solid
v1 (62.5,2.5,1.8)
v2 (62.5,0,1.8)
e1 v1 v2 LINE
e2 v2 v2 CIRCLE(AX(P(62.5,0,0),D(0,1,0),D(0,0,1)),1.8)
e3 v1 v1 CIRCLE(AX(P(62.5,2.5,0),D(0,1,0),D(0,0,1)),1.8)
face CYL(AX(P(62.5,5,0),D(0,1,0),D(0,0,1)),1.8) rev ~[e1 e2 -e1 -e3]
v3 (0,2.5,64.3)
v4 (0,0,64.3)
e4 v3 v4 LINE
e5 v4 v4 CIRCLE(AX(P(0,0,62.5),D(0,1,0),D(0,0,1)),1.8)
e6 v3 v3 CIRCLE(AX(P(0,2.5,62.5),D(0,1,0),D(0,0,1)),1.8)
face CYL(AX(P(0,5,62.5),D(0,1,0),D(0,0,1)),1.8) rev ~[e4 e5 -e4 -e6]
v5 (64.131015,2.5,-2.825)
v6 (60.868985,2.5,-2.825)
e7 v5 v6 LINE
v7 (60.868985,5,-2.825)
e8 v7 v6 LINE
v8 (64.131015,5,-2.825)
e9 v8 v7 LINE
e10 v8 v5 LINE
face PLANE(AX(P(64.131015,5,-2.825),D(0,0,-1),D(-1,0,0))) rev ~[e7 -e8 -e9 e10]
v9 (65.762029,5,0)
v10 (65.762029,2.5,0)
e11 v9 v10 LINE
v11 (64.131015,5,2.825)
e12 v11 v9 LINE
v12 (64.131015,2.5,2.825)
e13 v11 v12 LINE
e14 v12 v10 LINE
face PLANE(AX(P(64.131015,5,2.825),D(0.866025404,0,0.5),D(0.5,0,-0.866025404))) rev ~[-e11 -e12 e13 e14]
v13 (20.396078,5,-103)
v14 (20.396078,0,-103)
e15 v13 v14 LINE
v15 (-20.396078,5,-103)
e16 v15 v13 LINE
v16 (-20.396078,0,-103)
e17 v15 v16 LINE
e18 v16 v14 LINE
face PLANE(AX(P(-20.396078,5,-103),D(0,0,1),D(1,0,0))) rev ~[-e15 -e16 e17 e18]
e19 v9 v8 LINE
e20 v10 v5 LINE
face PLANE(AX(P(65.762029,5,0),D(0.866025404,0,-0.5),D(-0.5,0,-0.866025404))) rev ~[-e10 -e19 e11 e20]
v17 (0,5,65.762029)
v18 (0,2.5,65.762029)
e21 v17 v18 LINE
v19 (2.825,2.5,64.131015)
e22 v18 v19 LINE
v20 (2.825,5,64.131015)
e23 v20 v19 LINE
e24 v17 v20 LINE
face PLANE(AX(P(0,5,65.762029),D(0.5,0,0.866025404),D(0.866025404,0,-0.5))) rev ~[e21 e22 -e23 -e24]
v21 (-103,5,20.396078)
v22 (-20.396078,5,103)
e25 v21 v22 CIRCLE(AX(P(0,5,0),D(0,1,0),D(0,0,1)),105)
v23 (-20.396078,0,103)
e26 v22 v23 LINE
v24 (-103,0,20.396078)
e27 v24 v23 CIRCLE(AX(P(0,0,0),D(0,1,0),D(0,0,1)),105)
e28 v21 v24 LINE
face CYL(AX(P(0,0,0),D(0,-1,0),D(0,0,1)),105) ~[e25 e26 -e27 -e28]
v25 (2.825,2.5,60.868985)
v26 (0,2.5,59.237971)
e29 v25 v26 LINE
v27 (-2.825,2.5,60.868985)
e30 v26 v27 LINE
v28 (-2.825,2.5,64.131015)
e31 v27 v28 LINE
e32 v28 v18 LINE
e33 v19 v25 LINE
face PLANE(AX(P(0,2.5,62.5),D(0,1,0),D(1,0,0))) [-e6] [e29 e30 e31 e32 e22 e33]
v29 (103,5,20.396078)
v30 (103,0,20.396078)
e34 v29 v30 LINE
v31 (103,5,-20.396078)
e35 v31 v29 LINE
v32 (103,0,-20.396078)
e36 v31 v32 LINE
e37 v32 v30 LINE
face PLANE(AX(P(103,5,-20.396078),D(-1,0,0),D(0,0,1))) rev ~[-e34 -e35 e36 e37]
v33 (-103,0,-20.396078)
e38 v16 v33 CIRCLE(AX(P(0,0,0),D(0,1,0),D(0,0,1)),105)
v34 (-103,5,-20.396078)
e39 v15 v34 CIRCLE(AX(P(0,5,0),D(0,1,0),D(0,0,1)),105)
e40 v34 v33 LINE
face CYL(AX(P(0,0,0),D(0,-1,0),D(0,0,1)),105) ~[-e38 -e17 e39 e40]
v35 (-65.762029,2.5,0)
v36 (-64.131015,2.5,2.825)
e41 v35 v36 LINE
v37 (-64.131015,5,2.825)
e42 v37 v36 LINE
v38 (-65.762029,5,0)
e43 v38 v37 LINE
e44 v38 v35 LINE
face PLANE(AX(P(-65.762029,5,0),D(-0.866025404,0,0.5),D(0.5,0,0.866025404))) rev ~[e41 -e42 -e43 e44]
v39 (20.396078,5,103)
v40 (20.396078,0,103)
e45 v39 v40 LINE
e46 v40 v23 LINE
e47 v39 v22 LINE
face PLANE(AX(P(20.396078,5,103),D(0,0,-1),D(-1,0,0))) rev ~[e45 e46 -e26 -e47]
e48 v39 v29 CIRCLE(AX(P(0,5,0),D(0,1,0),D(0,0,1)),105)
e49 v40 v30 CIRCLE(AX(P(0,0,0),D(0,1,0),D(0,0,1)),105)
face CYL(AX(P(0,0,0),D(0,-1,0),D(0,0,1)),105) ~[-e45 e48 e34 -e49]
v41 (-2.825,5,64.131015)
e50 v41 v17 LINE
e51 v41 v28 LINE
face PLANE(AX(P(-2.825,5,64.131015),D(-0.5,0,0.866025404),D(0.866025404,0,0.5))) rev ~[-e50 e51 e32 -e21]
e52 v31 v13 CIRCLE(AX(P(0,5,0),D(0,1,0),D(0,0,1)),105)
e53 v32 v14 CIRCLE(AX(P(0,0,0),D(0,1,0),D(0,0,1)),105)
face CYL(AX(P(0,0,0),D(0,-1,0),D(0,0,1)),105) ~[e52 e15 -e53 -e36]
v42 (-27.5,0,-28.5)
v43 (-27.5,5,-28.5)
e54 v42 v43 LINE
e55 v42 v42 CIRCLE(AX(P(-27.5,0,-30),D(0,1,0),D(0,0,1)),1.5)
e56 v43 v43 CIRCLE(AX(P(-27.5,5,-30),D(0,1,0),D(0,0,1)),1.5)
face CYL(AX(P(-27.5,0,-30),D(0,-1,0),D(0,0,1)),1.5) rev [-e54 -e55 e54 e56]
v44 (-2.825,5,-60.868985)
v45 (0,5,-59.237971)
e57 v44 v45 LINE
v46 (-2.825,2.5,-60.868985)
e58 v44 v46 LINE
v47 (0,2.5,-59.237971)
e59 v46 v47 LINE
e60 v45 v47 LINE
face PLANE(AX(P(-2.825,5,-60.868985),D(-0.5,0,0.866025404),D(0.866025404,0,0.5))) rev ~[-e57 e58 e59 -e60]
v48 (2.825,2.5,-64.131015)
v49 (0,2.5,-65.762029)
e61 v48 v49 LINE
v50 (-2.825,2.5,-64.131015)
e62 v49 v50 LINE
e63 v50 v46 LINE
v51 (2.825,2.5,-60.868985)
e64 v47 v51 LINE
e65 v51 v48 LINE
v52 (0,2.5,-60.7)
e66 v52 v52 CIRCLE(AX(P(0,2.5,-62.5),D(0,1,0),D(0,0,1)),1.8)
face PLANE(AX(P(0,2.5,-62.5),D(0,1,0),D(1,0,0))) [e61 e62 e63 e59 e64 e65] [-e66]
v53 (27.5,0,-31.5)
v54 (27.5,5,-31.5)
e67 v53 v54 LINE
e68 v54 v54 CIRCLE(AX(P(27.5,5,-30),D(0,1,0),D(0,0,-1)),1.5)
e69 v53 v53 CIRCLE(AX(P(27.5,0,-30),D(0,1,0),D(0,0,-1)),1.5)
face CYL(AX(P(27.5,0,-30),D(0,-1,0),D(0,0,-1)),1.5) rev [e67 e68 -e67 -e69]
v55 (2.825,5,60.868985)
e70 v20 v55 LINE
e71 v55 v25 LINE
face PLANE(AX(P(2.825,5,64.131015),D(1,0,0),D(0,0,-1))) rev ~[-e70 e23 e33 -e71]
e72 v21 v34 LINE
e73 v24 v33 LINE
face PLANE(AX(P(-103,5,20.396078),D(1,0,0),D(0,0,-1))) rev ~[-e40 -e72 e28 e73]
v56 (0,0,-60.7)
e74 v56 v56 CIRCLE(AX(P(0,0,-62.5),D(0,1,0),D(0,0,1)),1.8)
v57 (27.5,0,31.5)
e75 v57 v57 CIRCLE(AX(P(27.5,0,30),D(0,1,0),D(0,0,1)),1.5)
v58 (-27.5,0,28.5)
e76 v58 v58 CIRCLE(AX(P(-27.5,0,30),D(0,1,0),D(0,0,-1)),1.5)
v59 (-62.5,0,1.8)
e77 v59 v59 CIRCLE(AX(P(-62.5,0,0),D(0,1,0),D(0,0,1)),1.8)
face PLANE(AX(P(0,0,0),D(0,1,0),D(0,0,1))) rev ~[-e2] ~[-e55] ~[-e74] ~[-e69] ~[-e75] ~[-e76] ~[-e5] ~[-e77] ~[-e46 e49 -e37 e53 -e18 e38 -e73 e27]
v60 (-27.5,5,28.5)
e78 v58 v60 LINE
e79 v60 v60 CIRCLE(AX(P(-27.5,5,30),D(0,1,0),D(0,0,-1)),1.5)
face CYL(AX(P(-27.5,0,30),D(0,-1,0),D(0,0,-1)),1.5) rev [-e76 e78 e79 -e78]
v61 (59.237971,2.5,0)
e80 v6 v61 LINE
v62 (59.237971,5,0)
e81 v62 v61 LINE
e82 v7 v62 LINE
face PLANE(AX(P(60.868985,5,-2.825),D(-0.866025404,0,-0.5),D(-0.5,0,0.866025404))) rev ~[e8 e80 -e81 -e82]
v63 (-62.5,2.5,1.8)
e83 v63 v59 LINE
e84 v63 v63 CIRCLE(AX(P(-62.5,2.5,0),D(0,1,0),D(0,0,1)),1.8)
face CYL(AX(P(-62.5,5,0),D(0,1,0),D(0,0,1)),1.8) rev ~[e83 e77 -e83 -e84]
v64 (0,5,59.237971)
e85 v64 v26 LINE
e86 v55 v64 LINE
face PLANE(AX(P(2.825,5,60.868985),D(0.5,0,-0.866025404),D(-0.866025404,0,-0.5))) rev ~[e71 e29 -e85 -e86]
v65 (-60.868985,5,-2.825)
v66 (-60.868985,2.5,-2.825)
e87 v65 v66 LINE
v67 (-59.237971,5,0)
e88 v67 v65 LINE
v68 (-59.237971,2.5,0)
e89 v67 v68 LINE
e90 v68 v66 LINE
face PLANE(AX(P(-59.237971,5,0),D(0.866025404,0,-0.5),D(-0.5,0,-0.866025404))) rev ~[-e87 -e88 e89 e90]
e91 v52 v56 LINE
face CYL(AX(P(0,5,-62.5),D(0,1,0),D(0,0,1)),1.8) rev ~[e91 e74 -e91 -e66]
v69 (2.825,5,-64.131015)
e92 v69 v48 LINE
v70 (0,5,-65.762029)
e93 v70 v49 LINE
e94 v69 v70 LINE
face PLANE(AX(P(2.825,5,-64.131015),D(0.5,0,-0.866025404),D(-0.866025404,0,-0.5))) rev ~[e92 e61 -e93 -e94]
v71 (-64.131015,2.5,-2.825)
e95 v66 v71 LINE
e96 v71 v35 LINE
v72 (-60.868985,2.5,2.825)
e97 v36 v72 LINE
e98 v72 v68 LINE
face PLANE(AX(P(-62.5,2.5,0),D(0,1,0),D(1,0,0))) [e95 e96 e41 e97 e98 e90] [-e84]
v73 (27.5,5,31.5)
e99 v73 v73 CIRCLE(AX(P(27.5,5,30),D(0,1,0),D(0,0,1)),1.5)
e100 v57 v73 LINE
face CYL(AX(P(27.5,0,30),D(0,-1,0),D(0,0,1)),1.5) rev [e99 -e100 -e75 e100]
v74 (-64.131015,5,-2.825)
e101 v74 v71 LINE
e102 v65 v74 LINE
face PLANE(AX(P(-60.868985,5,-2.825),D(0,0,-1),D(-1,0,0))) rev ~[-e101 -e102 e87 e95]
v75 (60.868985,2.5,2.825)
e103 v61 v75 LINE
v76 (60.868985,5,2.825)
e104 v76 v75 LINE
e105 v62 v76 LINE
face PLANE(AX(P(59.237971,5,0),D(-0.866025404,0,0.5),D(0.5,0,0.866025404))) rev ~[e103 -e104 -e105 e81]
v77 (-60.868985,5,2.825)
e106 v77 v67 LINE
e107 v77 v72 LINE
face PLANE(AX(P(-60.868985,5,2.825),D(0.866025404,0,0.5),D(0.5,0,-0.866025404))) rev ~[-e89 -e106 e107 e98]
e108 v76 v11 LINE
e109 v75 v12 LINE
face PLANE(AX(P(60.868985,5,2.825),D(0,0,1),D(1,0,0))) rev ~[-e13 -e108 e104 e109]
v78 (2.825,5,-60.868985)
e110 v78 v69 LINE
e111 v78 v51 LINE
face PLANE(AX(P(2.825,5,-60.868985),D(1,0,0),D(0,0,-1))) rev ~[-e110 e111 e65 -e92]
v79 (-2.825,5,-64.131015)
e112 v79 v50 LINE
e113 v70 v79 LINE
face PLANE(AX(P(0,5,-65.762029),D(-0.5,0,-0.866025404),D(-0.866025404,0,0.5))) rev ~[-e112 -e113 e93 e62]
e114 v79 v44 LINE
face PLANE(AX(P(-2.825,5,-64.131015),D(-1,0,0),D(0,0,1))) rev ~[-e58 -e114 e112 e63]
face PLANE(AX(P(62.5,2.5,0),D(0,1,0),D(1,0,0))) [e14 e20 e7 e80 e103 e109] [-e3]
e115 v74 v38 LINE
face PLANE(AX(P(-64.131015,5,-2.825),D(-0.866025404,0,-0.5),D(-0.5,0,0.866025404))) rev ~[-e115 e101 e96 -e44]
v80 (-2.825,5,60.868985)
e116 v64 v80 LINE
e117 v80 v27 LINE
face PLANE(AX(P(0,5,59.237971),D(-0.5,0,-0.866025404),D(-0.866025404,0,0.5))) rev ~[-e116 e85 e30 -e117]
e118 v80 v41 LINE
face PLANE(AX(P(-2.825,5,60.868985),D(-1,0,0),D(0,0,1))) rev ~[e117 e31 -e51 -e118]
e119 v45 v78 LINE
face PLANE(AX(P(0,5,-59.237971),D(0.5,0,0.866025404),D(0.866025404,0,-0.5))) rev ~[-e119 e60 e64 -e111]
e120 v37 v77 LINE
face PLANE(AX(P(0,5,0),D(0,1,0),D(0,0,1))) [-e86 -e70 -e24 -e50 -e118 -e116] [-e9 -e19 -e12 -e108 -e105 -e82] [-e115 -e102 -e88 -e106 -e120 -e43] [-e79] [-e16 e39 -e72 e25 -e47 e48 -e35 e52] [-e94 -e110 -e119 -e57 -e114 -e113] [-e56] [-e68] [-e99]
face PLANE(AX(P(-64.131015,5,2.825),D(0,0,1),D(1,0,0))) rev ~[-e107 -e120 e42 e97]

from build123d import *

# Parameters (mm, degrees)
SKETCH1_R           = 105
SKETCH1_R_2         = 1.5
BOSS_EXTRUDE1_DEPTH = 5
CUT_EXTRUDE1_DEPTH  = 2.5
SKETCH2_3_R         = 1.8
CUT_EXTRUDE3_DEPTH  = 149.576579581
CUT_EXTRUDE4_DEPTH  = 149.576579581


with BuildPart() as part:
    # Sketch1 → Boss-Extrude1 (new body)
    with BuildSketch(Plane(origin=(0, 0, 0), x_dir=(1, 0, 0), z_dir=(0, 1, 0))):
        Circle(SKETCH1_R)
        with Locations((-27.5, 30)):
            Circle(SKETCH1_R_2, mode=Mode.SUBTRACT)
        with Locations((27.5, 30)):
            Circle(SKETCH1_R_2, mode=Mode.SUBTRACT)
        with Locations((27.5, -30)):
            Circle(SKETCH1_R_2, mode=Mode.SUBTRACT)
        with Locations((-27.5, -30)):
            Circle(SKETCH1_R_2, mode=Mode.SUBTRACT)
    extrude(amount=BOSS_EXTRUDE1_DEPTH)

    # Sketch2 → Cut-Extrude1 (cut)
    with BuildSketch(Plane(origin=(0, 5, 0), x_dir=(1, 0, 0), z_dir=(0, 1, 0))):
        Polygon((-2.825, 64.13101451), (-2.825, 60.86898549), (0, 59.237970979), (2.825, 60.86898549), (2.825, 64.13101451), (0, 65.762029021), align=None)
        Polygon((-64.13101451, -2.825), (-60.86898549, -2.825), (-59.237970979, 0), (-60.86898549, 2.825), (-64.13101451, 2.825), (-65.762029021, 0), align=None)
        Polygon((64.13101451, 2.825), (60.86898549, 2.825), (59.237970979, 0), (60.86898549, -2.825), (64.13101451, -2.825), (65.762029021, 0), align=None)
        Polygon((2.825, -64.13101451), (2.825, -60.86898549), (0, -59.237970979), (-2.825, -60.86898549), (-2.825, -64.13101451), (0, -65.762029021), align=None)
    extrude(amount=-CUT_EXTRUDE1_DEPTH, mode=Mode.SUBTRACT)

    # Sketch2<3> → Cut-Extrude3 (cut, through all)
    with BuildSketch(Plane(origin=(0, 5, 0), x_dir=(1, 0, 0), z_dir=(0, 1, 0))):
        with Locations((-62.5, 0)):
            Circle(SKETCH2_3_R)
        with Locations((0, 62.5)):
            Circle(SKETCH2_3_R)
        with Locations((62.5, 0)):
            Circle(SKETCH2_3_R)
        with Locations((0, -62.5)):
            Circle(SKETCH2_3_R)
    extrude(amount=-CUT_EXTRUDE3_DEPTH, mode=Mode.SUBTRACT)

    # Sketch4 → Cut-Extrude4 (cut, through all)
    with BuildSketch(Plane(origin=(0, 5, 0), x_dir=(1, 0, 0), z_dir=(0, 1, 0))):
        with BuildLine():
            ThreePointArc((20.396078054, 103), (0, 105), (-20.396078054, 103))
            Line((-20.396078054, 103), (20.396078054, 103))
        make_face()
        with BuildLine():
            Line((-103, -20.396078054), (-103, 20.396078054))
            ThreePointArc((-103, 20.396078054), (-105, 0), (-103, -20.396078054))
        make_face()
        with BuildLine():
            ThreePointArc((103, -20.396078054), (105, 0), (103, 20.396078054))
            Line((103, 20.396078054), (103, -20.396078054))
        make_face()
        with BuildLine():
            Line((20.396078054, -103), (-20.396078054, -103))
            ThreePointArc((-20.396078054, -103), (0, -105), (20.396078054, -103))
        make_face()
    extrude(amount=-CUT_EXTRUDE4_DEPTH, mode=Mode.SUBTRACT)


solid = part.part
